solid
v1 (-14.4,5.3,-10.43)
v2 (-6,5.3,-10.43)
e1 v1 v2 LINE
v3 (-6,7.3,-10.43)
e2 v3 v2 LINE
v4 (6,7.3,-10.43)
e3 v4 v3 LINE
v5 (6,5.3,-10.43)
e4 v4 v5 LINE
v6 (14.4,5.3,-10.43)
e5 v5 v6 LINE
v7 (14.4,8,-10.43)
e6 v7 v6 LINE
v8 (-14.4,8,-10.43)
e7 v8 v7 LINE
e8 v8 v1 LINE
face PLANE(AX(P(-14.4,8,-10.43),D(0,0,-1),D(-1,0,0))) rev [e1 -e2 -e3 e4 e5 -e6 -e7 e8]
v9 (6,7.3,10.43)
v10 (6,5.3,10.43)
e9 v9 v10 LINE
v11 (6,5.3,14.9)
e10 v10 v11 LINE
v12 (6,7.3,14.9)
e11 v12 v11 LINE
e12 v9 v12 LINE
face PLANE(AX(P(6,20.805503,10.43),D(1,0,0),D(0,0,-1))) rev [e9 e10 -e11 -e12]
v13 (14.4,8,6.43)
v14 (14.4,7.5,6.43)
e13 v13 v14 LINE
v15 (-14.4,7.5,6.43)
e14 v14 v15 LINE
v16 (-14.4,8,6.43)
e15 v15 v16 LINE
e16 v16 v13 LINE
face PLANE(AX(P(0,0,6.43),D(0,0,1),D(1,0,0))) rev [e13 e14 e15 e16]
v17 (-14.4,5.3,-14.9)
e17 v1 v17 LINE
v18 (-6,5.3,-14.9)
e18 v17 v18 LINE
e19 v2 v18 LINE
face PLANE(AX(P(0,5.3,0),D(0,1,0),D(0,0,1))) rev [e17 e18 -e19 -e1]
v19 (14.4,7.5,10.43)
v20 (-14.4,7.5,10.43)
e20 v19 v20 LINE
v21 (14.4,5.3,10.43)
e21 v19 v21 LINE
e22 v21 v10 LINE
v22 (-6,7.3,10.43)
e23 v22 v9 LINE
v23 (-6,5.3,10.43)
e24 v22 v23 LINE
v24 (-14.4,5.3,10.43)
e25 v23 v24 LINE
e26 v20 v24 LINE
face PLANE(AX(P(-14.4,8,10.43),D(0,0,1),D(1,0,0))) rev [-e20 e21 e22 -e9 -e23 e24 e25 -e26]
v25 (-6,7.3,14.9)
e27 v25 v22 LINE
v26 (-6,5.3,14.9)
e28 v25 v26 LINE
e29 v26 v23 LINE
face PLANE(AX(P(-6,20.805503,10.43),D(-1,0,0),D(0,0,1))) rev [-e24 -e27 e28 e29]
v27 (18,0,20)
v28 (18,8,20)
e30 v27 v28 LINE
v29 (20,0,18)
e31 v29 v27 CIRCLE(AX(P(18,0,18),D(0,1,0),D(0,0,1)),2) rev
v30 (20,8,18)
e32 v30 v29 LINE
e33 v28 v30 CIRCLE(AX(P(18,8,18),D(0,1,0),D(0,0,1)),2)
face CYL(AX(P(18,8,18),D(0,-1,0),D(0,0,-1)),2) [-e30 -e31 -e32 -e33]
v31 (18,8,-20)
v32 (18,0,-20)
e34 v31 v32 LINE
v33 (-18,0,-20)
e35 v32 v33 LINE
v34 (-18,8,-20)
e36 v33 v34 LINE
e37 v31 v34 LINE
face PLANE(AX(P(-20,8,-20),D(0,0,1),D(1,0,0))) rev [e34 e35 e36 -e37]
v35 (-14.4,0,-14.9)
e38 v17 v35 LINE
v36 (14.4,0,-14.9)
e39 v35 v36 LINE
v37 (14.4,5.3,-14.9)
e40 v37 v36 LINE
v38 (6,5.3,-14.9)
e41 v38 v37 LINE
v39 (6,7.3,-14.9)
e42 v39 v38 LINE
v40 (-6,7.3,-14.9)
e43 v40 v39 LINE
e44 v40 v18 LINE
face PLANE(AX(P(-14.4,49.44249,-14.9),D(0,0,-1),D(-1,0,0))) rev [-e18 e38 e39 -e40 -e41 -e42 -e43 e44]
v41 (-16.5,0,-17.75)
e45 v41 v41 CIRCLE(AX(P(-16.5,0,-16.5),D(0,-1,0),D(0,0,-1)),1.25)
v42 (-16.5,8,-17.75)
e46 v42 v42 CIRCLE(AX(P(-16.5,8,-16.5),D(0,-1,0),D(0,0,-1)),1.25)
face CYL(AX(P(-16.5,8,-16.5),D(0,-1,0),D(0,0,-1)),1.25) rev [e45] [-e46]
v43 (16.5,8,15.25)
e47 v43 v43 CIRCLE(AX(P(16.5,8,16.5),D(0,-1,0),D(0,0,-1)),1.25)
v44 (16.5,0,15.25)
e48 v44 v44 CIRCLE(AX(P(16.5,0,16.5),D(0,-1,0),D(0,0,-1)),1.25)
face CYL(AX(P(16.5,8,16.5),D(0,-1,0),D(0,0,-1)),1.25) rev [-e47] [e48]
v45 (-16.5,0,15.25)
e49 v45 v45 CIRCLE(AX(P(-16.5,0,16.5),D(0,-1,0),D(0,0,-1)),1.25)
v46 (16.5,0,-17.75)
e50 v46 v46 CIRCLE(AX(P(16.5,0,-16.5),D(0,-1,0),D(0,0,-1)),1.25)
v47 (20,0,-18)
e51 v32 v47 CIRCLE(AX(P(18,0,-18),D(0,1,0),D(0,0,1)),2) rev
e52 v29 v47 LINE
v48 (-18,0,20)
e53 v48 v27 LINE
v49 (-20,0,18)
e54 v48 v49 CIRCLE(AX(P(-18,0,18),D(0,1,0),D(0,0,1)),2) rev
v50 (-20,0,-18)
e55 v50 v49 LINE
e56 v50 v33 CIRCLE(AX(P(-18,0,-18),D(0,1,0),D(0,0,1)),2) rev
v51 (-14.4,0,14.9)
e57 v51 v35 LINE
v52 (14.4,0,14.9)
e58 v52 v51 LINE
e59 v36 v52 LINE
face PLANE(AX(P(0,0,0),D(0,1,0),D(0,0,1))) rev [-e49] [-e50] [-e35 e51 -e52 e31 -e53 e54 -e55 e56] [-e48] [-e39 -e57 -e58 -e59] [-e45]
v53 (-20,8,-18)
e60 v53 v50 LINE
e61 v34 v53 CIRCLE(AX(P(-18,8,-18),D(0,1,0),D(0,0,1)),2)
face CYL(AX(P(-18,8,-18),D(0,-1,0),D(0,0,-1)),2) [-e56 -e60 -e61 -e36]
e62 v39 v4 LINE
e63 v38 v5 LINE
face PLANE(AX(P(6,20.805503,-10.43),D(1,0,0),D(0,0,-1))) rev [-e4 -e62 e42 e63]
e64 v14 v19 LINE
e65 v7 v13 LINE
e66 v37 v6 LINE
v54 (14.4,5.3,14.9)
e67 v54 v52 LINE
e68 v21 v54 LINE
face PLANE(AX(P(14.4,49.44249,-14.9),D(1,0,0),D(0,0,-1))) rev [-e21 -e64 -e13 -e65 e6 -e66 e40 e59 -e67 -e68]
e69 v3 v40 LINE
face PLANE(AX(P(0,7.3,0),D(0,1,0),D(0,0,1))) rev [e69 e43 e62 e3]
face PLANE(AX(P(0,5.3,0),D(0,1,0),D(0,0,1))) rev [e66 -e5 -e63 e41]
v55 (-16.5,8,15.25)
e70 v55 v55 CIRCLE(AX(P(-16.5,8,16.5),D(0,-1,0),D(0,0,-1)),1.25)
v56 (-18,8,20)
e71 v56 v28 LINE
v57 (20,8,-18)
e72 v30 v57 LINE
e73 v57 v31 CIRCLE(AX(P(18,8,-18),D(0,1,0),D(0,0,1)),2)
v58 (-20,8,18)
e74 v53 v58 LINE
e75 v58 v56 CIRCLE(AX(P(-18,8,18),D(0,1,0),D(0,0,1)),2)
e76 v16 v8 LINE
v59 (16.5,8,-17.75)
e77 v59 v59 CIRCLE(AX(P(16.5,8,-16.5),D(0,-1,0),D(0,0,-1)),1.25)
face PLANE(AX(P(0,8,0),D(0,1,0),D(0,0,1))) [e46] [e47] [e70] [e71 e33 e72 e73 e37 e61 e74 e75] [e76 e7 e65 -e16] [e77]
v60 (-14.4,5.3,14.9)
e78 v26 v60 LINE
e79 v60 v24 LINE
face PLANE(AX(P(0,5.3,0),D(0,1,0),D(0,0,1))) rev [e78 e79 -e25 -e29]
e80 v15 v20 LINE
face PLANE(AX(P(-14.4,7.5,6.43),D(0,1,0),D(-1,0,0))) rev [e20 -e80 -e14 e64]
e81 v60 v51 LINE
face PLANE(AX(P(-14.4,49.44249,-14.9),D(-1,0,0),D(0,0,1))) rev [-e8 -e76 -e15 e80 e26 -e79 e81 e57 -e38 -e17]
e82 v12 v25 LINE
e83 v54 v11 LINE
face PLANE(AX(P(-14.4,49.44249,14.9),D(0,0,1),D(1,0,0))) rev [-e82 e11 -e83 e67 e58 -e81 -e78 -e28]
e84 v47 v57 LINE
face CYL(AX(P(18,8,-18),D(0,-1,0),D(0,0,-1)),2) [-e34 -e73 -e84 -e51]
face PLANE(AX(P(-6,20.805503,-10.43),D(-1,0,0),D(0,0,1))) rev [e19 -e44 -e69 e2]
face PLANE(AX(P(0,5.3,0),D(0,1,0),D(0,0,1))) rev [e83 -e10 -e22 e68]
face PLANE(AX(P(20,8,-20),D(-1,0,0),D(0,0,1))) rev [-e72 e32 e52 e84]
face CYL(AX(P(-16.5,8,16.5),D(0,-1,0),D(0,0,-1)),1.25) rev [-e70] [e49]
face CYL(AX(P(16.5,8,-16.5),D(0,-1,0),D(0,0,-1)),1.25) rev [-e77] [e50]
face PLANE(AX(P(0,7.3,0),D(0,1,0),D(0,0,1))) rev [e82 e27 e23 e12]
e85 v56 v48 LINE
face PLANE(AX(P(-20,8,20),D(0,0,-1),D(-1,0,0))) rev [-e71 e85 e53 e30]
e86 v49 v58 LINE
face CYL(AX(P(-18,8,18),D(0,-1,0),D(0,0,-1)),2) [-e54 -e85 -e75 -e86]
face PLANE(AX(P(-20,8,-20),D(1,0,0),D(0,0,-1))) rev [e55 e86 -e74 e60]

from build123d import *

# Parameters (mm, degrees)
SKETCH_1_W             = 40
SKETCH_1_H             = 40
EXTRUDE_637_DEPTH      = 8
SKETCH_2_W             = 28.8
SKETCH_2_H             = 29.8
CUT_EXTRUDE_819_DEPTH  = 5.3
SKETCH_3_W             = 28.8
SKETCH_3_H             = 20.86
CUT_EXTRUDE_1010_DEPTH = 29.776552955
SKETCH_4_W             = 12
SKETCH_4_H             = 4.47
CUT_EXTRUDE_1227_DEPTH = 2
SKETCH_5_W             = 28.8
SKETCH_5_H             = 0.5
EXTRUDE_1458_DEPTH     = 4
SKETCH_7_R             = 1.25
CUT_EXTRUDE_1697_DEPTH = 30.393876913
FILLET_1_R             = 2


with BuildPart() as part:
    # Эскиз1 → Extrude 637 (new body)
    with BuildSketch(Plane(origin=(0, 0, 0), x_dir=(1, 0, 0), z_dir=(0, 1, 0))):
        Rectangle(SKETCH_1_W, SKETCH_1_H)
    extrude(amount=EXTRUDE_637_DEPTH)

    # Эскиз2 → Cut-Extrude 819 (cut)
    with BuildSketch(Plane.XZ):
        Rectangle(SKETCH_2_W, SKETCH_2_H)
    extrude(amount=-CUT_EXTRUDE_819_DEPTH, mode=Mode.SUBTRACT)

    # Эскиз3 → Cut-Extrude 1010 (cut, through all)
    with BuildSketch(Plane.XZ.offset(-5.3)):
        Rectangle(SKETCH_3_W, SKETCH_3_H)
    extrude(amount=-CUT_EXTRUDE_1010_DEPTH, mode=Mode.SUBTRACT)

    # Эскиз4 → Cut-Extrude 1227 (cut)
    with BuildSketch(Plane.XZ.offset(-5.3)):
        with Locations((0, 12.665)):
            Rectangle(SKETCH_4_W, SKETCH_4_H)
        with Locations((0, -12.665)):
            Rectangle(SKETCH_4_W, SKETCH_4_H)
    extrude(amount=-CUT_EXTRUDE_1227_DEPTH, mode=Mode.SUBTRACT)

    # Эскиз5 → Extrude 1458 (add)
    with BuildSketch(Plane(origin=(0, 0, 10.43), x_dir=(-1, 0, 0), z_dir=(0, 0, -1))):
        with Locations((0, 7.75)):
            Rectangle(SKETCH_5_W, SKETCH_5_H)
    extrude(amount=EXTRUDE_1458_DEPTH)

    # Эскиз7 → Cut-Extrude 1697 (cut, through all)
    with BuildSketch(Plane.XZ):
        with Locations(Location((-16.5, 16.5, 0), (0, 0, 270))):
            Circle(SKETCH_7_R)
        with Locations(Location((16.5, 16.5, 0), (0, 0, 270))):
            Circle(SKETCH_7_R)
        with Locations(Location((16.5, -16.5, 0), (0, 0, 270))):
            Circle(SKETCH_7_R)
        with Locations(Location((-16.5, -16.5, 0), (0, 0, 270))):
            Circle(SKETCH_7_R)
    extrude(amount=-CUT_EXTRUDE_1697_DEPTH, mode=Mode.SUBTRACT)

    # Скругление1
    fillet_1_edges = [part.edges().sort_by_distance(p)[0] for p in [
        (20, 4, 20),
        (-20, 4, 20),
        (-20, 4, -20),
        (20, 4, -20),
    ]]
    fillet(fillet_1_edges, radius=FILLET_1_R)


solid = part.part
